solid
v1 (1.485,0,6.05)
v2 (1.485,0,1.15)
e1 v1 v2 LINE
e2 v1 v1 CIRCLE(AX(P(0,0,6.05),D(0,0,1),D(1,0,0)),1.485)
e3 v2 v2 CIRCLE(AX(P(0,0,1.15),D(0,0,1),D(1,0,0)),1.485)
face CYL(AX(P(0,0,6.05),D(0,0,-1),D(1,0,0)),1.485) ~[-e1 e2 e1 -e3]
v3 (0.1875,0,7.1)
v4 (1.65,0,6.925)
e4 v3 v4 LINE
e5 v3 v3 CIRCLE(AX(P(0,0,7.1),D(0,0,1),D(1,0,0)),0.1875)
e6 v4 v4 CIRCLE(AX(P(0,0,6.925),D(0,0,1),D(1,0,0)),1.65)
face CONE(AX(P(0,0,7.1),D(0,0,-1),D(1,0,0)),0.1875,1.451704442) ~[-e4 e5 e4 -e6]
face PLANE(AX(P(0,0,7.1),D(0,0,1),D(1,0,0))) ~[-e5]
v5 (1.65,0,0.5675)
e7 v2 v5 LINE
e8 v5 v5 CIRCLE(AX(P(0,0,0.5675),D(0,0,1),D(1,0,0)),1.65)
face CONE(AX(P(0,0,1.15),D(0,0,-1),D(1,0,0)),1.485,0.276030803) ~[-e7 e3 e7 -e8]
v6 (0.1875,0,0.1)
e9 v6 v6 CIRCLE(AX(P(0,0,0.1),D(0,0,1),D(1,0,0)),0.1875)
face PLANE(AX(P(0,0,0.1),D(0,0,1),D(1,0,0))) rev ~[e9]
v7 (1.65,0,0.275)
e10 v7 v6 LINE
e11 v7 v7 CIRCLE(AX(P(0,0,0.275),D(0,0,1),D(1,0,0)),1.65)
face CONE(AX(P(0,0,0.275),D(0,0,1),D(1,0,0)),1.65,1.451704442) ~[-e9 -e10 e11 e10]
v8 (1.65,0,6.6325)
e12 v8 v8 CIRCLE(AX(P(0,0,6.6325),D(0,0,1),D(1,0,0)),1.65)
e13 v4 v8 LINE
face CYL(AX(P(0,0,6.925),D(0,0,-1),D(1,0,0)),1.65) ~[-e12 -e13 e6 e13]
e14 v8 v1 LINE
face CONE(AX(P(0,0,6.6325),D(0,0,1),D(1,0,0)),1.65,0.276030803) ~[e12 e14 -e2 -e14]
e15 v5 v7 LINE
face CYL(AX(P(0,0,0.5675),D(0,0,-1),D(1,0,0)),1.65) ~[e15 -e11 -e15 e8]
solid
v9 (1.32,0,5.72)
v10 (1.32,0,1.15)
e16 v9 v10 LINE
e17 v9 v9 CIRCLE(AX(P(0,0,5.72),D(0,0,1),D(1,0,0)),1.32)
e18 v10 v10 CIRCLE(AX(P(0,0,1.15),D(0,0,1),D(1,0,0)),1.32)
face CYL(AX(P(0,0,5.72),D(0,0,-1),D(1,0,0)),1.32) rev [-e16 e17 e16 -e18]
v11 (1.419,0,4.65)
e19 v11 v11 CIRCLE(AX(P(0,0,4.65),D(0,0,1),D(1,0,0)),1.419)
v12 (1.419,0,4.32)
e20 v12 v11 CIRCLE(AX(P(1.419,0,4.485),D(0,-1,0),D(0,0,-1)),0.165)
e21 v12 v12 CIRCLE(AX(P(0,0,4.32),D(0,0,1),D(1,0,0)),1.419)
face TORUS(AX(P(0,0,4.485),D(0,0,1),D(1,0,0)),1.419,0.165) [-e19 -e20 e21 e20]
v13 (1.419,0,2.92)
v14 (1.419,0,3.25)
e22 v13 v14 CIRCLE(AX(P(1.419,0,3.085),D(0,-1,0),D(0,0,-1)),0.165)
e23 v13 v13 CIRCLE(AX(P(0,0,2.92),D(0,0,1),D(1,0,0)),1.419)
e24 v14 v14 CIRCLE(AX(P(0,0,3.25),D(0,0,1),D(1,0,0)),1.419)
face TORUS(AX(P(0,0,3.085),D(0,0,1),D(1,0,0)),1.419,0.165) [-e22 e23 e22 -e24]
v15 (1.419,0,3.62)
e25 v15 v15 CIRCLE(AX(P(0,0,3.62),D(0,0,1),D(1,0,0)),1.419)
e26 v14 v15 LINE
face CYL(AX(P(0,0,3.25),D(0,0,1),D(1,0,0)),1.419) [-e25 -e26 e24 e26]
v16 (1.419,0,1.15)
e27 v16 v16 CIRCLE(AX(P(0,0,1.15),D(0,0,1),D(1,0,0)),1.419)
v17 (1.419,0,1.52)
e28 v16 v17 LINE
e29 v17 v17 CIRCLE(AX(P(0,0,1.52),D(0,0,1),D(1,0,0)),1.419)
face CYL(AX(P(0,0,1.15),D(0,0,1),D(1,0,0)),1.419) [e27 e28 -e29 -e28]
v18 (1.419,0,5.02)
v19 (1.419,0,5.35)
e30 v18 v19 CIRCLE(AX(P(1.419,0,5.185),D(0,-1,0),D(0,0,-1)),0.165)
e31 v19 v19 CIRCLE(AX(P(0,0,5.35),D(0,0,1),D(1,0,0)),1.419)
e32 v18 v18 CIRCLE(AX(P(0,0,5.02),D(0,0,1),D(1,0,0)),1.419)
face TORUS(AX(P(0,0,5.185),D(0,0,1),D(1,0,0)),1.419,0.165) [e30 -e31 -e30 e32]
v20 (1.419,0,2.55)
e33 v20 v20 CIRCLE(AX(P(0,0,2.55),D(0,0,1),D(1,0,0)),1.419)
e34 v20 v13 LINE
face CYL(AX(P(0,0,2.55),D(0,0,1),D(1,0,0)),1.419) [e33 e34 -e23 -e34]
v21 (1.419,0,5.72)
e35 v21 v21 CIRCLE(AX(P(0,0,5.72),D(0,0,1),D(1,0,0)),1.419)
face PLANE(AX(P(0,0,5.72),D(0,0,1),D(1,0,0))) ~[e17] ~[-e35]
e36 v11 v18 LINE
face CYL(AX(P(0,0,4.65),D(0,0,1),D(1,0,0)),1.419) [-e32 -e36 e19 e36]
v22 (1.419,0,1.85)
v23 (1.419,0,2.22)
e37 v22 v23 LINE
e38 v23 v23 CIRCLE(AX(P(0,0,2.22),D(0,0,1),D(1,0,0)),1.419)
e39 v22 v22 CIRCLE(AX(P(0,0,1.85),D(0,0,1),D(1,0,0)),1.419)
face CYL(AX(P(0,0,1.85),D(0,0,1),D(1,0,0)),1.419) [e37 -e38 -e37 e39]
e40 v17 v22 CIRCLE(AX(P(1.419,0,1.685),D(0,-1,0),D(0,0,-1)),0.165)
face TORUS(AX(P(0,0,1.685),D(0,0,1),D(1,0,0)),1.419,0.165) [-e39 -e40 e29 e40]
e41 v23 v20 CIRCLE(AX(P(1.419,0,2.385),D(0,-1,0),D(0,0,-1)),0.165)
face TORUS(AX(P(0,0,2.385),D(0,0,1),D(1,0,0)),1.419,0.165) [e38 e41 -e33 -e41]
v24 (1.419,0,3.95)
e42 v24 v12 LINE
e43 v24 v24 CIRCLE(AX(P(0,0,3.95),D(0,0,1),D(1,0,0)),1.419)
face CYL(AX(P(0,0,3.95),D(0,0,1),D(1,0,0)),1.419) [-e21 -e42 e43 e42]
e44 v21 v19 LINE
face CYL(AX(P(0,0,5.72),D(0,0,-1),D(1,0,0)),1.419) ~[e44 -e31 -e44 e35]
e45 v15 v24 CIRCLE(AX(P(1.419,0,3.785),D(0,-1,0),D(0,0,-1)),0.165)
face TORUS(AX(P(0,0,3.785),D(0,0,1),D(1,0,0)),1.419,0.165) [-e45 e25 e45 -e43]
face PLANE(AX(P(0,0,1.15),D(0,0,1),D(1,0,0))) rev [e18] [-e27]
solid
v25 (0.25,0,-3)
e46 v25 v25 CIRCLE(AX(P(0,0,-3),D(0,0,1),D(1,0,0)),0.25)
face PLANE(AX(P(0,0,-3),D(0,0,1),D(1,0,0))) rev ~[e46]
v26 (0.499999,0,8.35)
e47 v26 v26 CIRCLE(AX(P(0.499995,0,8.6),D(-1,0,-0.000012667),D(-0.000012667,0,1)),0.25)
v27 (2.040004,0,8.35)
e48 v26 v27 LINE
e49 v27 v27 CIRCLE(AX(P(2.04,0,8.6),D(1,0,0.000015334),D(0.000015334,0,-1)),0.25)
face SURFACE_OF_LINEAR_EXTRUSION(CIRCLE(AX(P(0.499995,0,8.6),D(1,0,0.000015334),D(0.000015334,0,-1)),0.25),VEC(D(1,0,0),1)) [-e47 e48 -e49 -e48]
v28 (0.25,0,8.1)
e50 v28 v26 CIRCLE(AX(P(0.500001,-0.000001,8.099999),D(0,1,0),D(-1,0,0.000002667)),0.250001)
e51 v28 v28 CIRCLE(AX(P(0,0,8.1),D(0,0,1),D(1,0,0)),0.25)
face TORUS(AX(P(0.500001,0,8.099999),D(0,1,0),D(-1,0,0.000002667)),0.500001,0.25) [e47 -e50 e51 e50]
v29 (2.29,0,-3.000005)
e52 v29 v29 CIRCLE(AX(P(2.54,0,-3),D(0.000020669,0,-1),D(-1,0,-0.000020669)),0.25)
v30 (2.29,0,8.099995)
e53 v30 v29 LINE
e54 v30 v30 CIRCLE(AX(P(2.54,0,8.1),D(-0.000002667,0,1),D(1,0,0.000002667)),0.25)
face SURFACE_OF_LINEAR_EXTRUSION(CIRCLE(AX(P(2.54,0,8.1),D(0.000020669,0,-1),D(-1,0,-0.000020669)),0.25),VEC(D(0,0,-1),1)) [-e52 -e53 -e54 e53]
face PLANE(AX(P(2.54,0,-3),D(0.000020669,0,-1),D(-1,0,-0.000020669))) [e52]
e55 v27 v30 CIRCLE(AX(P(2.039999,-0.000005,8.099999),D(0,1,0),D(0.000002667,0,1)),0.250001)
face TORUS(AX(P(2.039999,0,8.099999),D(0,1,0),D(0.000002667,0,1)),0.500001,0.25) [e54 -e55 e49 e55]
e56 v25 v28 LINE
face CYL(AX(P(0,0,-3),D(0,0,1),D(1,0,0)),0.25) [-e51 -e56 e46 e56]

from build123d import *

# Parameters (mm, degrees)
SKETCH_R = 0.25


with BuildPart() as sweep_body:
    # Sweep: sweep along a path in Sketch001
    with BuildLine(Plane.XZ) as sweep_path:
        Line((0, -3), (0, 8.1))
        ThreePointArc((0, 8.1), (0.146445, 8.453551), (0.499995, 8.6))
        Line((0.499995, 8.6), (2.04, 8.6))
        ThreePointArc((2.04, 8.6), (2.393553, 8.453553), (2.54, 8.1))
        Line((2.54, 8.1), (2.54, -3))
    # Sketch → Sweep (sweep)
    with BuildSketch(Plane.XY.offset(-2)):
        Circle(SKETCH_R)
    sweep(path=sweep_path.line)


with BuildPart() as revolution:
    # Sketch002 → Revolution (revolve)
    with BuildSketch(Plane.XZ):
        Polygon((0, 0.1), (0, 7.1), (0.1875, 7.1), (1.65, 6.925), (1.65, 6.6325), (1.485, 6.05), (1.485, 1.15), (1.65, 0.5675), (1.65, 0.275), (0.1875, 0.1), align=None)
    revolve(axis=Axis((0, 0, 0), (0, 0, 1)))


with BuildPart() as revolution001:
    # Sketch003 → Revolution001 (revolve)
    with BuildSketch(Plane.XZ):
        with BuildLine():
            Line((1.32, 5.72), (1.32, 1.15))
            Line((1.32, 1.15), (1.419, 1.15))
            Line((1.419, 1.15), (1.419, 1.52))
            ThreePointArc((1.419, 1.52), (1.584, 1.685), (1.419, 1.85))
            Line((1.419, 1.85), (1.419, 2.22))
            ThreePointArc((1.419, 2.22), (1.584, 2.385), (1.419, 2.55))
            Line((1.419, 2.55), (1.419, 2.92))
            ThreePointArc((1.419, 2.92), (1.584, 3.085), (1.419, 3.25))
            Line((1.419, 3.25), (1.419, 3.62))
            ThreePointArc((1.419, 3.62), (1.584, 3.785), (1.419, 3.95))
            Line((1.419, 3.95), (1.419, 4.32))
            ThreePointArc((1.419, 4.32), (1.584, 4.485), (1.419, 4.65))
            Line((1.419, 4.65), (1.419, 5.02))
            ThreePointArc((1.419, 5.02), (1.584, 5.185), (1.419, 5.35))
            Line((1.419, 5.72), (1.419, 5.35))
            Line((1.32, 5.72), (1.419, 5.72))
        make_face()
    revolve(axis=Axis((0, 0, 0), (0, 0, 1)))


solid = Compound([sweep_body.part, revolution.part, revolution001.part])
